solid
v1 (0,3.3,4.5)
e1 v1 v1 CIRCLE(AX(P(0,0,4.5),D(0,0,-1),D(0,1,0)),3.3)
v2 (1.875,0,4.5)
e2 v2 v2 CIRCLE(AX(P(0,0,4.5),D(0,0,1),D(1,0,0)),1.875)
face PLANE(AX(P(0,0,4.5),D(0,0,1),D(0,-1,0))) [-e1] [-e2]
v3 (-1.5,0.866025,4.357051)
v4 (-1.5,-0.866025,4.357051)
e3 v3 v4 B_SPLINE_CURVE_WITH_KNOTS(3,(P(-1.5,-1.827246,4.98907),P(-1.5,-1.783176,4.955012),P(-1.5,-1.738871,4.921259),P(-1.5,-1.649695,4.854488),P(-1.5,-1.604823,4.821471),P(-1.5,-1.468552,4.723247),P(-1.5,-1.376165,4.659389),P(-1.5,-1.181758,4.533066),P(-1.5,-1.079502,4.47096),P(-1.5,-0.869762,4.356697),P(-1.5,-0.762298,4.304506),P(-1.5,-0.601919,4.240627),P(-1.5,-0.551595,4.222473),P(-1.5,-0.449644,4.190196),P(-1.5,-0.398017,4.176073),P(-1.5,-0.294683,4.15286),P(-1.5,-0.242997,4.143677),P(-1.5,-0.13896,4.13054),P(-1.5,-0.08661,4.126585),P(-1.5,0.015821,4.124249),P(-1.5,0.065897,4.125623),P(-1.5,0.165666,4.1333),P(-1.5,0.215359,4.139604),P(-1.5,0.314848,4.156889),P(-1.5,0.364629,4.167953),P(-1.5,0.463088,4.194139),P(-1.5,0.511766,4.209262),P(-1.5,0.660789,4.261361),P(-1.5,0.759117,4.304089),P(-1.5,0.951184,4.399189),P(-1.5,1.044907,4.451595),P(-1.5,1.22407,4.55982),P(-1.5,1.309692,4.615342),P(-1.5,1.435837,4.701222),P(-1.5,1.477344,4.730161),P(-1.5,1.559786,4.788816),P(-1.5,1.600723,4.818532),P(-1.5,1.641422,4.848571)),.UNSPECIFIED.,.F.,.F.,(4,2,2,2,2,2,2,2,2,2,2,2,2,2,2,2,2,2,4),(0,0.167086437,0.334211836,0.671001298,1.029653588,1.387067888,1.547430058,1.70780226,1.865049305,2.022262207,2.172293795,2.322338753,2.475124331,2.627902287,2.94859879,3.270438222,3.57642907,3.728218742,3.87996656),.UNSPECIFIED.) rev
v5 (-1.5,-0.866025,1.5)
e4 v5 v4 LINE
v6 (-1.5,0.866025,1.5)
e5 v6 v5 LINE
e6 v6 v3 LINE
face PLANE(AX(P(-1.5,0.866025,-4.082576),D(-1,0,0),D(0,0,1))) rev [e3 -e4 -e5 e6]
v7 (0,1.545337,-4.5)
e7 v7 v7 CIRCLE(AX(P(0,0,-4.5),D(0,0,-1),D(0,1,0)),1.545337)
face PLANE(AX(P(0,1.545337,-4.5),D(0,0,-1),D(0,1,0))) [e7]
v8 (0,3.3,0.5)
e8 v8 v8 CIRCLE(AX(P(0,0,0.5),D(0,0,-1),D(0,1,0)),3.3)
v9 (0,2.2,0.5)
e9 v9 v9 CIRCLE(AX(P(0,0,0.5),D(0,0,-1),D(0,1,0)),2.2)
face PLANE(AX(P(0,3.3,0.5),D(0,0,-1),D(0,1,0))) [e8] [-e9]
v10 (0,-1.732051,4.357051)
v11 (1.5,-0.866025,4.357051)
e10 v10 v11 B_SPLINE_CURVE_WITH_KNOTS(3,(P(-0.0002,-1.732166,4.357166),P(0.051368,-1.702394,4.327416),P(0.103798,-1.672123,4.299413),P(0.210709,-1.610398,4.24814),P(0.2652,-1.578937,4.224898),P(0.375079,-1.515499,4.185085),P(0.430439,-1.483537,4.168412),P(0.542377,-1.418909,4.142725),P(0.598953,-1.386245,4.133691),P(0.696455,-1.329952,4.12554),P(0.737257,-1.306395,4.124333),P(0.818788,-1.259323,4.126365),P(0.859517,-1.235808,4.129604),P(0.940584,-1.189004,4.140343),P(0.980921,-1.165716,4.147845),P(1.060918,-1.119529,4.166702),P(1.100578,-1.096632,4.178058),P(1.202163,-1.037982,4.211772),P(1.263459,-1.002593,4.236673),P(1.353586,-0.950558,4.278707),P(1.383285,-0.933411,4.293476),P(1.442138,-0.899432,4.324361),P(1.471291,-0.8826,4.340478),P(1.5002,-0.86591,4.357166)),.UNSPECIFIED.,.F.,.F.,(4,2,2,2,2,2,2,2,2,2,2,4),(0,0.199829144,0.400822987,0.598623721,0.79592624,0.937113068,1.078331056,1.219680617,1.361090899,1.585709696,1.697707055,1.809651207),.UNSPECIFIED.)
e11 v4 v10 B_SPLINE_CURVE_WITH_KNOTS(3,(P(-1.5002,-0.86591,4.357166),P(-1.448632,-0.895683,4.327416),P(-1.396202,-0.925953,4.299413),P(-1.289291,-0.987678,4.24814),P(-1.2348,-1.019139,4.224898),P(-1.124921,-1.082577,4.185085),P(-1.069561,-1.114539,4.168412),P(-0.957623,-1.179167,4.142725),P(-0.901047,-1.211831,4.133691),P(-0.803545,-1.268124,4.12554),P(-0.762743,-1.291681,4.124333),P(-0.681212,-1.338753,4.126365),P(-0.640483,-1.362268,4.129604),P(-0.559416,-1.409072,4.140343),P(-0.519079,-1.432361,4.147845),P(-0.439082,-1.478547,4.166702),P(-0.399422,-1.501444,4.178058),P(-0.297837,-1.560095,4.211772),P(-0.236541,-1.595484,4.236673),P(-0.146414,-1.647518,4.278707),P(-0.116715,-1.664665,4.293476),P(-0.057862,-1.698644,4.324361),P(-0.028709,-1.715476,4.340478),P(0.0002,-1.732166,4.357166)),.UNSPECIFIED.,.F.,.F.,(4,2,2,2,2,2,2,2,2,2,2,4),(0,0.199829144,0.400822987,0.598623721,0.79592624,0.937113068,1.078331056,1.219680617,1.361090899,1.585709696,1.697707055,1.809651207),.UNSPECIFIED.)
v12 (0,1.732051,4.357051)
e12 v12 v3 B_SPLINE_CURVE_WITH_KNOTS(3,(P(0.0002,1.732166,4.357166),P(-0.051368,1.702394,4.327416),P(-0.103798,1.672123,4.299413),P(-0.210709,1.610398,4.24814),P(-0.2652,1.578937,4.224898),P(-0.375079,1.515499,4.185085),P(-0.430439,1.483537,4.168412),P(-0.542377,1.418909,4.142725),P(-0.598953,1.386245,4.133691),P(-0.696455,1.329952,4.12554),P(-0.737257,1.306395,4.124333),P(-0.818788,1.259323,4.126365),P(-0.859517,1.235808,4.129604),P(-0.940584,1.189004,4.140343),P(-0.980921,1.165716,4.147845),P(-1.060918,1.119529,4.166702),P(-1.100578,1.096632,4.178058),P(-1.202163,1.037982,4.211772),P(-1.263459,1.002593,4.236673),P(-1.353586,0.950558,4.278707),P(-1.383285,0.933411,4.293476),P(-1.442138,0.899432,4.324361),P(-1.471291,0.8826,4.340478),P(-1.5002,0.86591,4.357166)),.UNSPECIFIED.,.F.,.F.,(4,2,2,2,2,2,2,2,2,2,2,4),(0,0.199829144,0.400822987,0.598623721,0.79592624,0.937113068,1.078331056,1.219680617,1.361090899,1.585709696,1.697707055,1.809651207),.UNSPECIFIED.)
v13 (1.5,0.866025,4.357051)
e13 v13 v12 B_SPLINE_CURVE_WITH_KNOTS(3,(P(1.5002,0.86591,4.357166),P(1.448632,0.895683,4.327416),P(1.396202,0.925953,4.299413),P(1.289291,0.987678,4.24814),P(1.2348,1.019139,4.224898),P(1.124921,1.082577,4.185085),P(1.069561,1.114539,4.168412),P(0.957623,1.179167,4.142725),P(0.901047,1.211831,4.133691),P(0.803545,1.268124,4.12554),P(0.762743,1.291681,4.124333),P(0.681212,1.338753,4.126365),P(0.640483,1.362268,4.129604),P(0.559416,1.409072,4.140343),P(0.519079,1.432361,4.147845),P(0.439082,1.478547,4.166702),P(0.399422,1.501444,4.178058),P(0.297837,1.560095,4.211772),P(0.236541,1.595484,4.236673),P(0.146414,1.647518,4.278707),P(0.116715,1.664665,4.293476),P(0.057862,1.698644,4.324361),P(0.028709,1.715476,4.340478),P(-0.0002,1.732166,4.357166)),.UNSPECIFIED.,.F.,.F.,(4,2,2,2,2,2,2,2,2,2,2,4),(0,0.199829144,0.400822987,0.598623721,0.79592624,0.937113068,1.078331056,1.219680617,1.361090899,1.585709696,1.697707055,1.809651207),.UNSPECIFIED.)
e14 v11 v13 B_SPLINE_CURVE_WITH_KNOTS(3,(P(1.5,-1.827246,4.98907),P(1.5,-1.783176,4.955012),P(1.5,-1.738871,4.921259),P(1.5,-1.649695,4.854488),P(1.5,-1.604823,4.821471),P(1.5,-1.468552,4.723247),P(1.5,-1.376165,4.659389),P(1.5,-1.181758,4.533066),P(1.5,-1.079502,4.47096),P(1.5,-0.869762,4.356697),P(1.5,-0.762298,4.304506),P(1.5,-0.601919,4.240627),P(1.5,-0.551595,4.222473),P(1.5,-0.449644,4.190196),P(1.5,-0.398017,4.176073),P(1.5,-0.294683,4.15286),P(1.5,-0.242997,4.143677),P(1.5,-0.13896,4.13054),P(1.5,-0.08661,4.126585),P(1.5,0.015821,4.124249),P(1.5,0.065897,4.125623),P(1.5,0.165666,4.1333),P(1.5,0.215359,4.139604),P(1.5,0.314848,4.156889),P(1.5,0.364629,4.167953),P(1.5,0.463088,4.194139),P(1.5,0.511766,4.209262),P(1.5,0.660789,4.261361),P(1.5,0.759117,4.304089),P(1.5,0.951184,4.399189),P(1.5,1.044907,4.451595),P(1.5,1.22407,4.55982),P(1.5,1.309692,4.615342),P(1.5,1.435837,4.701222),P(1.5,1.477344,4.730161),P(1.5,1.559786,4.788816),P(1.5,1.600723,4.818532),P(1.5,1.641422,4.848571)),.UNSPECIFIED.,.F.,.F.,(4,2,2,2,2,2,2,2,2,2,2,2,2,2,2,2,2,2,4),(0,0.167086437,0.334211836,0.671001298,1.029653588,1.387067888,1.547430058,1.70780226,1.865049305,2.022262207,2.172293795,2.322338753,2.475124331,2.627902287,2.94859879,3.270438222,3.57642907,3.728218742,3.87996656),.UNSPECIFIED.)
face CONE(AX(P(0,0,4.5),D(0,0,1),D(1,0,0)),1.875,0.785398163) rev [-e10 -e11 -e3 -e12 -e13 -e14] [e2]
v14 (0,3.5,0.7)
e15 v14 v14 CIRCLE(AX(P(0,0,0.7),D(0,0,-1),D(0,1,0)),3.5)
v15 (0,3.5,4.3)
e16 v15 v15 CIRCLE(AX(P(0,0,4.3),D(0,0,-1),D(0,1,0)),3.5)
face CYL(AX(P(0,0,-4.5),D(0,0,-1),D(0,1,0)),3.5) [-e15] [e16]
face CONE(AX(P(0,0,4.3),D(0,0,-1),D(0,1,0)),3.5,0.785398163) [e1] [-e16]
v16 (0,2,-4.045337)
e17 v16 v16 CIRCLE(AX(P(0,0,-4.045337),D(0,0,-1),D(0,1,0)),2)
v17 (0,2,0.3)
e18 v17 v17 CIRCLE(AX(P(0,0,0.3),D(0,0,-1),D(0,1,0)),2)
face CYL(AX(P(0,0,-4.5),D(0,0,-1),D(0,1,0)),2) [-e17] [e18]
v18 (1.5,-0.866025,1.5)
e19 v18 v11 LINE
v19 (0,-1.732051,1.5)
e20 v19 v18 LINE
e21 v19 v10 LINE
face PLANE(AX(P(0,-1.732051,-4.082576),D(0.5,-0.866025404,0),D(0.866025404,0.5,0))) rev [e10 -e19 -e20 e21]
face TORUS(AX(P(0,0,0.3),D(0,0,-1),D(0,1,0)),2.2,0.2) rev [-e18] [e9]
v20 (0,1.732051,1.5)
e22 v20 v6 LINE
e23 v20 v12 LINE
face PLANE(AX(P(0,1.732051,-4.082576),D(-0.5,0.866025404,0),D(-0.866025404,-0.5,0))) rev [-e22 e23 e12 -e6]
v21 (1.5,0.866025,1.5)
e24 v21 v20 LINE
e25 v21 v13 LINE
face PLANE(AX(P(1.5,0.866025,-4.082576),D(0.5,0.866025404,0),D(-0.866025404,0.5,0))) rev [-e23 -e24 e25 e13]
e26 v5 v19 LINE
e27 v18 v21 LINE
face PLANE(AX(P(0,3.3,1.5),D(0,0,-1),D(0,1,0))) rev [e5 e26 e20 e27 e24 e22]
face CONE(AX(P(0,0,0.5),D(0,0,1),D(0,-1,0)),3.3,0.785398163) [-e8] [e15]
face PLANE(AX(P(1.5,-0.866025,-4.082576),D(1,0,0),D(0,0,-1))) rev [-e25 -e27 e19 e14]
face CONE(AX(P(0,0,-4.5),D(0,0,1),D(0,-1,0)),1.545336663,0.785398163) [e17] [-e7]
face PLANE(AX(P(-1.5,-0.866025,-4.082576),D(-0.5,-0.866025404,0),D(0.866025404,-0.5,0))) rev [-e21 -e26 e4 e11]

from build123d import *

# Parameters (mm, degrees)
CUT_EXTRUDE1_DEPTH = 3


with BuildPart() as part:
    # Sketch2 → Revolve1 (revolve)
    with BuildSketch(Plane(origin=(0, 0, 0), x_dir=(0, 0, -1), z_dir=(1, 0, 0))):
        with BuildLine():
            Line((-4.5, 0), (-4.5, 3.3))
            Line((-4.5, 3.3), (-4.3, 3.5))
            Line((-4.3, 3.5), (-0.7, 3.5))
            Line((-0.7, 3.5), (-0.5, 3.3))
            Line((-0.5, 3.3), (-0.5, 2.2))
            ThreePointArc((-0.5, 2.2), (-0.441421356, 2.058578644), (-0.3, 2))
            Line((-0.3, 2), (4.045336663, 2))
            Line((4.045336663, 2), (4.5, 1.545336663))
            Line((4.5, 1.545336663), (4.5, 0))
            Line((4.5, 0), (-4.5, 0))
        make_face()
    revolve(axis=Axis((0, 0, -4.5), (0, 0, 1)))

    # Sketch3 → Cut-Extrude1 (cut)
    with BuildSketch(Plane.XY.offset(4.5)):
        Polygon((1.5, -0.866025404), (1.5, 0.866025404), (0, 1.732050808), (-1.5, 0.866025404), (-1.5, -0.866025404), (0, -1.732050808), align=None)
    extrude(amount=-CUT_EXTRUDE1_DEPTH, mode=Mode.SUBTRACT)

    # Cut-Extrude2 cone 1 section (through the dimple's axis) → Cut-Extrude2 (revolve, cut)
    with BuildSketch(Plane(origin=(0, 0, 4.5), x_dir=(0, -1, 0), z_dir=(1, 0, 0))):
        Polygon((0, 0), (1.875, 0), (0, 1.875), align=None)
    revolve(axis=Axis((0, 0, 4.5), (0, 0, -1)), mode=Mode.SUBTRACT)


solid = part.part
